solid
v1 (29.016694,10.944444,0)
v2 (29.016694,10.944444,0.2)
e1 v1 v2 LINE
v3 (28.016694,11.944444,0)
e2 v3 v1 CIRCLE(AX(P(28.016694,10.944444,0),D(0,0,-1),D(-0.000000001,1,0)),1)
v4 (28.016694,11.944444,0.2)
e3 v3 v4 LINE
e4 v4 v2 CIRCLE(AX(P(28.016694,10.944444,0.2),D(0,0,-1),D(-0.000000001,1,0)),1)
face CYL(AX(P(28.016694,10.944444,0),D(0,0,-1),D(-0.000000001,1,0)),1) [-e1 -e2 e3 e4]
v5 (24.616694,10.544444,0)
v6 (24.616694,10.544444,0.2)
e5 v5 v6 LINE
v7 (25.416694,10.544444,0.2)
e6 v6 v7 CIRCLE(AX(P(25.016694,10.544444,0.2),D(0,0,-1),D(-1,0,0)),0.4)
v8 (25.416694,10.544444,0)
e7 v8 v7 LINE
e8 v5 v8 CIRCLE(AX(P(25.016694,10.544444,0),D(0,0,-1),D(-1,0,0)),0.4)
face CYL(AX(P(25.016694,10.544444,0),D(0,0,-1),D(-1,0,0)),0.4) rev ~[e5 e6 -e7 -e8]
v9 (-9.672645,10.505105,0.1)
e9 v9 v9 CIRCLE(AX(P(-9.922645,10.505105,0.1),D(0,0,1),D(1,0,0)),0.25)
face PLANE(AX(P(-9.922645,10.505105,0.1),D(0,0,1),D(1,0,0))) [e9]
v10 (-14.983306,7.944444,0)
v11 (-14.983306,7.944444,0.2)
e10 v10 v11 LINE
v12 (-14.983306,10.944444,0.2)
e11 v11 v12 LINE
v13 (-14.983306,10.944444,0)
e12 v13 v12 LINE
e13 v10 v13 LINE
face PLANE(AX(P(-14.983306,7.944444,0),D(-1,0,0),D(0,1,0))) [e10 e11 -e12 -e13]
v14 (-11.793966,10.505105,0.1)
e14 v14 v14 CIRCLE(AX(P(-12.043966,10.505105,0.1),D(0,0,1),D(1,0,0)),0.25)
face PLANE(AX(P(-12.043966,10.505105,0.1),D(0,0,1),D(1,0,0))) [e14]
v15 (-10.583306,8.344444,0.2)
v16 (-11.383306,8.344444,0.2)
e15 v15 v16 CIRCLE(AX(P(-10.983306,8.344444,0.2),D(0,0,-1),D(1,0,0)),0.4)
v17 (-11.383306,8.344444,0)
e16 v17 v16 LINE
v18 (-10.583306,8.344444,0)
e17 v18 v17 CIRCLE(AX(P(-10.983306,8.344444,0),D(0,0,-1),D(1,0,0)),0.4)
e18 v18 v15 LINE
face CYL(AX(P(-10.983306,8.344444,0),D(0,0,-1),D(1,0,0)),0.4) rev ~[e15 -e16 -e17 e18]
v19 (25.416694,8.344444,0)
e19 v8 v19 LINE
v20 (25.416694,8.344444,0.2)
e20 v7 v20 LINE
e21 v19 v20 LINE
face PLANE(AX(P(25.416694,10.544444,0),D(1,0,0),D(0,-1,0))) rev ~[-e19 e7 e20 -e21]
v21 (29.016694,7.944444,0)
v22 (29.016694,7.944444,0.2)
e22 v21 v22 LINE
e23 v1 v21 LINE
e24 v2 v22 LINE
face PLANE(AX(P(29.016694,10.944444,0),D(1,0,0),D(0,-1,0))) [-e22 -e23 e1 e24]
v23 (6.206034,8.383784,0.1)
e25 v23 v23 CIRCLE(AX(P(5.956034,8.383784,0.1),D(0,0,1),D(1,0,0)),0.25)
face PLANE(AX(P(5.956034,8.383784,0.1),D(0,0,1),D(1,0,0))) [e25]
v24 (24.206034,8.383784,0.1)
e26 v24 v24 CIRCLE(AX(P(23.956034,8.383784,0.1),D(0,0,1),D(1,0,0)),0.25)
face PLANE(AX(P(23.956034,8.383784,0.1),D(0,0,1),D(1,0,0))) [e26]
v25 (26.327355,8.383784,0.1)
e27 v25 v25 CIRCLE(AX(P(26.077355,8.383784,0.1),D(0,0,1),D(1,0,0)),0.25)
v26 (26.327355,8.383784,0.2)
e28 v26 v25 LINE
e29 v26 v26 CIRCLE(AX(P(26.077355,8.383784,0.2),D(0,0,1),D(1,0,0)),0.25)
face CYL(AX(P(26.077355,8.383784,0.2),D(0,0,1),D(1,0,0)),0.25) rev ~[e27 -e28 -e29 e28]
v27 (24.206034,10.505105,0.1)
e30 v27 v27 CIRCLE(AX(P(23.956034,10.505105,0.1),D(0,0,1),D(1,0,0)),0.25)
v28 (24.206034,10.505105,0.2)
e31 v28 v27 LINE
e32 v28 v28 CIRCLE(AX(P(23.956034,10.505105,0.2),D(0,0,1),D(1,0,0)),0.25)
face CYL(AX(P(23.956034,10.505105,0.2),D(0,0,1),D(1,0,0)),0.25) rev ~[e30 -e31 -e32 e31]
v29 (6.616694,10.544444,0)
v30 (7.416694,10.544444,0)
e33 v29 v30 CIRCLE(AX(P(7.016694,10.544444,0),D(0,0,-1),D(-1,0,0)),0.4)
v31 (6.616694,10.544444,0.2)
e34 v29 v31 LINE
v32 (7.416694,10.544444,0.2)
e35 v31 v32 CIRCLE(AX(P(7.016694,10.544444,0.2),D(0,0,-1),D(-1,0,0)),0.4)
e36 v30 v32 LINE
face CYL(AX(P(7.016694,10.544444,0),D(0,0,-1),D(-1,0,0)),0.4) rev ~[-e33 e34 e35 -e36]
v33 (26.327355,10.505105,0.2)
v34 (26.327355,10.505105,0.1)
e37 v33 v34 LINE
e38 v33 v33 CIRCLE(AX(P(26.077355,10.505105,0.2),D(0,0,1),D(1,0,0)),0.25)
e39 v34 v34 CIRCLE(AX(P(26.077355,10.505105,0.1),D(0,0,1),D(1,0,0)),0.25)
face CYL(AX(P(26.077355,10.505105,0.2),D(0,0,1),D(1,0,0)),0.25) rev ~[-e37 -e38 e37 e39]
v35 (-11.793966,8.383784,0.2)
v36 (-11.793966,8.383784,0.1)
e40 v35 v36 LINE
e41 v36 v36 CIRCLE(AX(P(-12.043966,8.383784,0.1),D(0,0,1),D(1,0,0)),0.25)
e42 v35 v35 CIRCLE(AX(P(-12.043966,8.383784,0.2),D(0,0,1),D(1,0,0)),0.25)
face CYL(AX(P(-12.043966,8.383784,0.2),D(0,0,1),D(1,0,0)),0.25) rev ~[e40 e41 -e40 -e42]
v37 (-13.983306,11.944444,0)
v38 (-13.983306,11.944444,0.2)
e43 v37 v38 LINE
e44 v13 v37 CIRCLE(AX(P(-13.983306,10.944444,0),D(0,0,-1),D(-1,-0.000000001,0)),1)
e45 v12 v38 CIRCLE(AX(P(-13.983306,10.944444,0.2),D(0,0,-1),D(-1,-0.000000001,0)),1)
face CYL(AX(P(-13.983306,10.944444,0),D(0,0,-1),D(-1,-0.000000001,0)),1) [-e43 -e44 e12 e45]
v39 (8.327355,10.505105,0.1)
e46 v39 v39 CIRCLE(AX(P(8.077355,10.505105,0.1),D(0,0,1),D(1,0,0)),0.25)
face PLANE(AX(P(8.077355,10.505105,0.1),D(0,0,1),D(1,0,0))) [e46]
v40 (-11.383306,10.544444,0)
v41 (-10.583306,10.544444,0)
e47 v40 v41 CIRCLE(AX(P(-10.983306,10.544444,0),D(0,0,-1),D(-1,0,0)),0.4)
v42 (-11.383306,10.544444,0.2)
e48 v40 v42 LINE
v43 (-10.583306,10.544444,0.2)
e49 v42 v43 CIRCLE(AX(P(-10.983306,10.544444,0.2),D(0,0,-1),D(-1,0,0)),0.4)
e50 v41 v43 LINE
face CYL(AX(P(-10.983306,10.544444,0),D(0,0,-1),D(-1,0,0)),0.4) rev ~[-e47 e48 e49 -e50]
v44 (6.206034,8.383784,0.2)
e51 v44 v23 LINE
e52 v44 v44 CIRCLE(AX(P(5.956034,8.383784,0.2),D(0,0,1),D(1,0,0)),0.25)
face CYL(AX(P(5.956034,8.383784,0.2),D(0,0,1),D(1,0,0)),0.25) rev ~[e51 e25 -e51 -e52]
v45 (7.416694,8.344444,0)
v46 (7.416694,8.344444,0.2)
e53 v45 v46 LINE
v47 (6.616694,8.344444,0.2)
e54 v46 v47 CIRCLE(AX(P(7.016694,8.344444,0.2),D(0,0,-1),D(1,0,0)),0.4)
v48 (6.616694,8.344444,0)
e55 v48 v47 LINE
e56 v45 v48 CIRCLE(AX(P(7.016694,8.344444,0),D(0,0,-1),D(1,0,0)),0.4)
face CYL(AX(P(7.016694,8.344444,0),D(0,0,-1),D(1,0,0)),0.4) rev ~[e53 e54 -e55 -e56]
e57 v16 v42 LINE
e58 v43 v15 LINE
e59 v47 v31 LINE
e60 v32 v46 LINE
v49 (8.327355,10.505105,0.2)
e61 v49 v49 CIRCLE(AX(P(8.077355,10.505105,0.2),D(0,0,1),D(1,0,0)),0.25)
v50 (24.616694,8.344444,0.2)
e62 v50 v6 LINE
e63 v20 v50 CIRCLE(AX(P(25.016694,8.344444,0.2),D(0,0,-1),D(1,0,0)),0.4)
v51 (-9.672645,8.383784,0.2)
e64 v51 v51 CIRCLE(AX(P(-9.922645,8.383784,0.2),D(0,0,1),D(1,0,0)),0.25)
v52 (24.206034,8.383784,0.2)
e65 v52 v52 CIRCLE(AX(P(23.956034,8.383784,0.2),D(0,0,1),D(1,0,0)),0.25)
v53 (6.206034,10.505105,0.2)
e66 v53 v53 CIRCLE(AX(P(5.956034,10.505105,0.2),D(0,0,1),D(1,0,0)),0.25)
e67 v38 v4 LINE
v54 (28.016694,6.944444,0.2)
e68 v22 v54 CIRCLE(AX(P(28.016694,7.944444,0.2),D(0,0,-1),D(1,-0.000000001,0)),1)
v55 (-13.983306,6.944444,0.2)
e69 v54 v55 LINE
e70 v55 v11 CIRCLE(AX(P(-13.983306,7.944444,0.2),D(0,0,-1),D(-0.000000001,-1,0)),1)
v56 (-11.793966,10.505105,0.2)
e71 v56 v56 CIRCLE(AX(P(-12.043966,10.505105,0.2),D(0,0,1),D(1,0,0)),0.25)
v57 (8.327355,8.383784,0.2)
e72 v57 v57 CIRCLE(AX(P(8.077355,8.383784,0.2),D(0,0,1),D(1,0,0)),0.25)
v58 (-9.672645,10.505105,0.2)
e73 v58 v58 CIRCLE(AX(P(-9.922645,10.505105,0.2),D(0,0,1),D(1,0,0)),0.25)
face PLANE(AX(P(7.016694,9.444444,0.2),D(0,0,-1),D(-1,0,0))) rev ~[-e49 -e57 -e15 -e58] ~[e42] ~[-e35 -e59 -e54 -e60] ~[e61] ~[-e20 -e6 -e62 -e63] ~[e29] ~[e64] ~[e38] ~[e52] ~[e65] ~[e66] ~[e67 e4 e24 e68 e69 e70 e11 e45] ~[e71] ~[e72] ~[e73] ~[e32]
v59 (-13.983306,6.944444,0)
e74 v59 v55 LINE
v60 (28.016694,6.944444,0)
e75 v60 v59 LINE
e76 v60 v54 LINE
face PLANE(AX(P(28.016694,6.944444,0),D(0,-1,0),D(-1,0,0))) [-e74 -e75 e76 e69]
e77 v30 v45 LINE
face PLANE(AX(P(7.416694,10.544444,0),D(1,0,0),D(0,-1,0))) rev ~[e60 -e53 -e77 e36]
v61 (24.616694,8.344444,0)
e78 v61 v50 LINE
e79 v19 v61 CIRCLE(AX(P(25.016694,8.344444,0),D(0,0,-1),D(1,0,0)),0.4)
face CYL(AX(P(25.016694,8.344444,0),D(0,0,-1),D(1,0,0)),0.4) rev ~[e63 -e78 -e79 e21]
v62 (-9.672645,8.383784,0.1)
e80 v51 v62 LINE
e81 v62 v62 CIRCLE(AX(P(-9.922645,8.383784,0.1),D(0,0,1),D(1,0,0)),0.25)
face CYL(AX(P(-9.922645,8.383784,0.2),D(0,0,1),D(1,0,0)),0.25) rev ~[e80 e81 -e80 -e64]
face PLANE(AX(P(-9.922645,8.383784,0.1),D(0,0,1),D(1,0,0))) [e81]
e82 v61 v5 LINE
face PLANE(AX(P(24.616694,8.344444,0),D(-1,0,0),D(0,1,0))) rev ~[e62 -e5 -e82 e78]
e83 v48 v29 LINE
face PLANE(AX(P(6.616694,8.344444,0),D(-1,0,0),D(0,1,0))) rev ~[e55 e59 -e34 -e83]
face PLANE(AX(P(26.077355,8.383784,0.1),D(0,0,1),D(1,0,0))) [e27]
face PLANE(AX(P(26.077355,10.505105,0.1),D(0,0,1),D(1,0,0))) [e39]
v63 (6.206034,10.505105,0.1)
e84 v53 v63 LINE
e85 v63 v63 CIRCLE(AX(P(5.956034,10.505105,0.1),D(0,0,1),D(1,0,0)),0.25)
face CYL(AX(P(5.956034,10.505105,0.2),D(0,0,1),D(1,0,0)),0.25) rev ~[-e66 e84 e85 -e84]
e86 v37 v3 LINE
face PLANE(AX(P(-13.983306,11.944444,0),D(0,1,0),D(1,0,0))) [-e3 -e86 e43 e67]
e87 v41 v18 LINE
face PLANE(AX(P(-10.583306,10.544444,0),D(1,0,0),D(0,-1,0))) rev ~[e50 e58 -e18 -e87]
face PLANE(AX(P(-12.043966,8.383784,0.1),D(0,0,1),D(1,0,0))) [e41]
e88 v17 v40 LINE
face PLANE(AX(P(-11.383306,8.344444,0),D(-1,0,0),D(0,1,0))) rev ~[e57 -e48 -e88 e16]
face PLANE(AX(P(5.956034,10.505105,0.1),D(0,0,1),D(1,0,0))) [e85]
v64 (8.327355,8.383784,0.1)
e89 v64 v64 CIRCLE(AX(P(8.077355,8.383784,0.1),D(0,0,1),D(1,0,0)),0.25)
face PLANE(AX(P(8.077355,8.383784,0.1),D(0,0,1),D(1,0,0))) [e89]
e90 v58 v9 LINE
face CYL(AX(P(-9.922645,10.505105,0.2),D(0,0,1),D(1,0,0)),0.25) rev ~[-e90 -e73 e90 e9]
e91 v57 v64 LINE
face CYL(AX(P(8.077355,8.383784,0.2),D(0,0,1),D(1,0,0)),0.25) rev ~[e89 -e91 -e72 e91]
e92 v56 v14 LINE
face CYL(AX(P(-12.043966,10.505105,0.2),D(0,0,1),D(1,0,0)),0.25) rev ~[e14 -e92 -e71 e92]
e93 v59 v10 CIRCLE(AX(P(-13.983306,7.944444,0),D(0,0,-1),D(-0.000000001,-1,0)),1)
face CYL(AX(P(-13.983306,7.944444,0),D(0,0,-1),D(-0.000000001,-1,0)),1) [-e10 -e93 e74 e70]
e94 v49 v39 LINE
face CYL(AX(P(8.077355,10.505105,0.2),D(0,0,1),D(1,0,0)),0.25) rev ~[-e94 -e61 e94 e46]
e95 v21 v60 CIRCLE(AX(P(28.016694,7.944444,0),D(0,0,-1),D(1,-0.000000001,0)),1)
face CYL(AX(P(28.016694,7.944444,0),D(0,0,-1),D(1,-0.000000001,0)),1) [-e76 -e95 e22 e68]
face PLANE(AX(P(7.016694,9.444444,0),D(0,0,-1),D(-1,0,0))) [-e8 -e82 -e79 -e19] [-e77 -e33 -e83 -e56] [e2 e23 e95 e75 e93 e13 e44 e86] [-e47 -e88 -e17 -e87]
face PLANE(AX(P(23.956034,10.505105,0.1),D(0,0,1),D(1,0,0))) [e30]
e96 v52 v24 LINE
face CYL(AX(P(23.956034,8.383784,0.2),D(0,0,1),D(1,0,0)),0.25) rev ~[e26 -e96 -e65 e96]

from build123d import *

# Parameters (mm, degrees)
BOSS_EXTRUDE1_DEPTH = 0.2
SKETCH2_R           = 0.25
CUT_EXTRUDE1_DEPTH  = 0.1


with BuildPart() as part:
    # Sketch1 → Boss-Extrude1 (new body)
    with BuildSketch(Plane.XY):
        with BuildLine():
            Line((-13.983305509, 11.944444444), (28.016694491, 11.944444444))
            ThreePointArc((28.016694491, 11.944444444), (28.723801272, 11.651551226), (29.016694491, 10.944444444))
            Line((29.016694491, 10.944444444), (29.016694491, 7.944444444))
            ThreePointArc((29.016694491, 7.944444444), (28.723801272, 7.237337663), (28.016694491, 6.944444444))
            Line((28.016694491, 6.944444444), (-13.983305509, 6.944444444))
            ThreePointArc((-13.983305509, 6.944444444), (-14.69041229, 7.237337663), (-14.983305509, 7.944444444))
            Line((-14.983305509, 7.944444444), (-14.983305509, 10.944444444))
            ThreePointArc((-14.983305509, 10.944444444), (-14.69041229, 11.651551226), (-13.983305509, 11.944444444))
        make_face()
        with BuildLine():
            Line((-10.583305509, 10.544444444), (-10.583305509, 8.344444444))
            ThreePointArc((-10.583305509, 8.344444444), (-10.983305509, 7.944444444), (-11.383305509, 8.344444444))
            Line((-11.383305509, 8.344444444), (-11.383305509, 10.544444444))
            ThreePointArc((-11.383305509, 10.544444444), (-10.983305509, 10.944444444), (-10.583305509, 10.544444444))
        make_face(mode=Mode.SUBTRACT)
        with BuildLine():
            Line((7.416694491, 10.544444444), (7.416694491, 8.344444444))
            ThreePointArc((7.416694491, 8.344444444), (7.016694491, 7.944444444), (6.616694491, 8.344444444))
            Line((6.616694491, 8.344444444), (6.616694491, 10.544444444))
            ThreePointArc((6.616694491, 10.544444444), (7.016694491, 10.944444444), (7.416694491, 10.544444444))
        make_face(mode=Mode.SUBTRACT)
        with BuildLine():
            Line((25.416694491, 10.544444444), (25.416694491, 8.344444444))
            ThreePointArc((25.416694491, 8.344444444), (25.016694491, 7.944444444), (24.616694491, 8.344444444))
            Line((24.616694491, 8.344444444), (24.616694491, 10.544444444))
            ThreePointArc((24.616694491, 10.544444444), (25.016694491, 10.944444444), (25.416694491, 10.544444444))
        make_face(mode=Mode.SUBTRACT)
    extrude(amount=BOSS_EXTRUDE1_DEPTH)

    # Sketch2 → Cut-Extrude1 (cut)
    with BuildSketch(Plane.XY.offset(0.2)):
        with Locations((-9.922645337, 10.505104616)):
            Circle(SKETCH2_R)
        with Locations((-9.922645337, 8.383784273)):
            Circle(SKETCH2_R)
        with Locations((-12.043965681, 8.383784273)):
            Circle(SKETCH2_R)
        with Locations((-12.043965681, 10.505104616)):
            Circle(SKETCH2_R)
        with Locations((8.077354663, 10.505104616)):
            Circle(SKETCH2_R)
        with Locations((5.956034319, 10.505104616)):
            Circle(SKETCH2_R)
        with Locations((5.956034319, 8.383784273)):
            Circle(SKETCH2_R)
        with Locations((8.077354663, 8.383784273)):
            Circle(SKETCH2_R)
        with Locations((26.077354663, 10.505104616)):
            Circle(SKETCH2_R)
        with Locations((23.956034319, 10.505104616)):
            Circle(SKETCH2_R)
        with Locations((23.956034319, 8.383784273)):
            Circle(SKETCH2_R)
        with Locations((26.077354663, 8.383784273)):
            Circle(SKETCH2_R)
    extrude(amount=-CUT_EXTRUDE1_DEPTH, mode=Mode.SUBTRACT)


solid = part.part
